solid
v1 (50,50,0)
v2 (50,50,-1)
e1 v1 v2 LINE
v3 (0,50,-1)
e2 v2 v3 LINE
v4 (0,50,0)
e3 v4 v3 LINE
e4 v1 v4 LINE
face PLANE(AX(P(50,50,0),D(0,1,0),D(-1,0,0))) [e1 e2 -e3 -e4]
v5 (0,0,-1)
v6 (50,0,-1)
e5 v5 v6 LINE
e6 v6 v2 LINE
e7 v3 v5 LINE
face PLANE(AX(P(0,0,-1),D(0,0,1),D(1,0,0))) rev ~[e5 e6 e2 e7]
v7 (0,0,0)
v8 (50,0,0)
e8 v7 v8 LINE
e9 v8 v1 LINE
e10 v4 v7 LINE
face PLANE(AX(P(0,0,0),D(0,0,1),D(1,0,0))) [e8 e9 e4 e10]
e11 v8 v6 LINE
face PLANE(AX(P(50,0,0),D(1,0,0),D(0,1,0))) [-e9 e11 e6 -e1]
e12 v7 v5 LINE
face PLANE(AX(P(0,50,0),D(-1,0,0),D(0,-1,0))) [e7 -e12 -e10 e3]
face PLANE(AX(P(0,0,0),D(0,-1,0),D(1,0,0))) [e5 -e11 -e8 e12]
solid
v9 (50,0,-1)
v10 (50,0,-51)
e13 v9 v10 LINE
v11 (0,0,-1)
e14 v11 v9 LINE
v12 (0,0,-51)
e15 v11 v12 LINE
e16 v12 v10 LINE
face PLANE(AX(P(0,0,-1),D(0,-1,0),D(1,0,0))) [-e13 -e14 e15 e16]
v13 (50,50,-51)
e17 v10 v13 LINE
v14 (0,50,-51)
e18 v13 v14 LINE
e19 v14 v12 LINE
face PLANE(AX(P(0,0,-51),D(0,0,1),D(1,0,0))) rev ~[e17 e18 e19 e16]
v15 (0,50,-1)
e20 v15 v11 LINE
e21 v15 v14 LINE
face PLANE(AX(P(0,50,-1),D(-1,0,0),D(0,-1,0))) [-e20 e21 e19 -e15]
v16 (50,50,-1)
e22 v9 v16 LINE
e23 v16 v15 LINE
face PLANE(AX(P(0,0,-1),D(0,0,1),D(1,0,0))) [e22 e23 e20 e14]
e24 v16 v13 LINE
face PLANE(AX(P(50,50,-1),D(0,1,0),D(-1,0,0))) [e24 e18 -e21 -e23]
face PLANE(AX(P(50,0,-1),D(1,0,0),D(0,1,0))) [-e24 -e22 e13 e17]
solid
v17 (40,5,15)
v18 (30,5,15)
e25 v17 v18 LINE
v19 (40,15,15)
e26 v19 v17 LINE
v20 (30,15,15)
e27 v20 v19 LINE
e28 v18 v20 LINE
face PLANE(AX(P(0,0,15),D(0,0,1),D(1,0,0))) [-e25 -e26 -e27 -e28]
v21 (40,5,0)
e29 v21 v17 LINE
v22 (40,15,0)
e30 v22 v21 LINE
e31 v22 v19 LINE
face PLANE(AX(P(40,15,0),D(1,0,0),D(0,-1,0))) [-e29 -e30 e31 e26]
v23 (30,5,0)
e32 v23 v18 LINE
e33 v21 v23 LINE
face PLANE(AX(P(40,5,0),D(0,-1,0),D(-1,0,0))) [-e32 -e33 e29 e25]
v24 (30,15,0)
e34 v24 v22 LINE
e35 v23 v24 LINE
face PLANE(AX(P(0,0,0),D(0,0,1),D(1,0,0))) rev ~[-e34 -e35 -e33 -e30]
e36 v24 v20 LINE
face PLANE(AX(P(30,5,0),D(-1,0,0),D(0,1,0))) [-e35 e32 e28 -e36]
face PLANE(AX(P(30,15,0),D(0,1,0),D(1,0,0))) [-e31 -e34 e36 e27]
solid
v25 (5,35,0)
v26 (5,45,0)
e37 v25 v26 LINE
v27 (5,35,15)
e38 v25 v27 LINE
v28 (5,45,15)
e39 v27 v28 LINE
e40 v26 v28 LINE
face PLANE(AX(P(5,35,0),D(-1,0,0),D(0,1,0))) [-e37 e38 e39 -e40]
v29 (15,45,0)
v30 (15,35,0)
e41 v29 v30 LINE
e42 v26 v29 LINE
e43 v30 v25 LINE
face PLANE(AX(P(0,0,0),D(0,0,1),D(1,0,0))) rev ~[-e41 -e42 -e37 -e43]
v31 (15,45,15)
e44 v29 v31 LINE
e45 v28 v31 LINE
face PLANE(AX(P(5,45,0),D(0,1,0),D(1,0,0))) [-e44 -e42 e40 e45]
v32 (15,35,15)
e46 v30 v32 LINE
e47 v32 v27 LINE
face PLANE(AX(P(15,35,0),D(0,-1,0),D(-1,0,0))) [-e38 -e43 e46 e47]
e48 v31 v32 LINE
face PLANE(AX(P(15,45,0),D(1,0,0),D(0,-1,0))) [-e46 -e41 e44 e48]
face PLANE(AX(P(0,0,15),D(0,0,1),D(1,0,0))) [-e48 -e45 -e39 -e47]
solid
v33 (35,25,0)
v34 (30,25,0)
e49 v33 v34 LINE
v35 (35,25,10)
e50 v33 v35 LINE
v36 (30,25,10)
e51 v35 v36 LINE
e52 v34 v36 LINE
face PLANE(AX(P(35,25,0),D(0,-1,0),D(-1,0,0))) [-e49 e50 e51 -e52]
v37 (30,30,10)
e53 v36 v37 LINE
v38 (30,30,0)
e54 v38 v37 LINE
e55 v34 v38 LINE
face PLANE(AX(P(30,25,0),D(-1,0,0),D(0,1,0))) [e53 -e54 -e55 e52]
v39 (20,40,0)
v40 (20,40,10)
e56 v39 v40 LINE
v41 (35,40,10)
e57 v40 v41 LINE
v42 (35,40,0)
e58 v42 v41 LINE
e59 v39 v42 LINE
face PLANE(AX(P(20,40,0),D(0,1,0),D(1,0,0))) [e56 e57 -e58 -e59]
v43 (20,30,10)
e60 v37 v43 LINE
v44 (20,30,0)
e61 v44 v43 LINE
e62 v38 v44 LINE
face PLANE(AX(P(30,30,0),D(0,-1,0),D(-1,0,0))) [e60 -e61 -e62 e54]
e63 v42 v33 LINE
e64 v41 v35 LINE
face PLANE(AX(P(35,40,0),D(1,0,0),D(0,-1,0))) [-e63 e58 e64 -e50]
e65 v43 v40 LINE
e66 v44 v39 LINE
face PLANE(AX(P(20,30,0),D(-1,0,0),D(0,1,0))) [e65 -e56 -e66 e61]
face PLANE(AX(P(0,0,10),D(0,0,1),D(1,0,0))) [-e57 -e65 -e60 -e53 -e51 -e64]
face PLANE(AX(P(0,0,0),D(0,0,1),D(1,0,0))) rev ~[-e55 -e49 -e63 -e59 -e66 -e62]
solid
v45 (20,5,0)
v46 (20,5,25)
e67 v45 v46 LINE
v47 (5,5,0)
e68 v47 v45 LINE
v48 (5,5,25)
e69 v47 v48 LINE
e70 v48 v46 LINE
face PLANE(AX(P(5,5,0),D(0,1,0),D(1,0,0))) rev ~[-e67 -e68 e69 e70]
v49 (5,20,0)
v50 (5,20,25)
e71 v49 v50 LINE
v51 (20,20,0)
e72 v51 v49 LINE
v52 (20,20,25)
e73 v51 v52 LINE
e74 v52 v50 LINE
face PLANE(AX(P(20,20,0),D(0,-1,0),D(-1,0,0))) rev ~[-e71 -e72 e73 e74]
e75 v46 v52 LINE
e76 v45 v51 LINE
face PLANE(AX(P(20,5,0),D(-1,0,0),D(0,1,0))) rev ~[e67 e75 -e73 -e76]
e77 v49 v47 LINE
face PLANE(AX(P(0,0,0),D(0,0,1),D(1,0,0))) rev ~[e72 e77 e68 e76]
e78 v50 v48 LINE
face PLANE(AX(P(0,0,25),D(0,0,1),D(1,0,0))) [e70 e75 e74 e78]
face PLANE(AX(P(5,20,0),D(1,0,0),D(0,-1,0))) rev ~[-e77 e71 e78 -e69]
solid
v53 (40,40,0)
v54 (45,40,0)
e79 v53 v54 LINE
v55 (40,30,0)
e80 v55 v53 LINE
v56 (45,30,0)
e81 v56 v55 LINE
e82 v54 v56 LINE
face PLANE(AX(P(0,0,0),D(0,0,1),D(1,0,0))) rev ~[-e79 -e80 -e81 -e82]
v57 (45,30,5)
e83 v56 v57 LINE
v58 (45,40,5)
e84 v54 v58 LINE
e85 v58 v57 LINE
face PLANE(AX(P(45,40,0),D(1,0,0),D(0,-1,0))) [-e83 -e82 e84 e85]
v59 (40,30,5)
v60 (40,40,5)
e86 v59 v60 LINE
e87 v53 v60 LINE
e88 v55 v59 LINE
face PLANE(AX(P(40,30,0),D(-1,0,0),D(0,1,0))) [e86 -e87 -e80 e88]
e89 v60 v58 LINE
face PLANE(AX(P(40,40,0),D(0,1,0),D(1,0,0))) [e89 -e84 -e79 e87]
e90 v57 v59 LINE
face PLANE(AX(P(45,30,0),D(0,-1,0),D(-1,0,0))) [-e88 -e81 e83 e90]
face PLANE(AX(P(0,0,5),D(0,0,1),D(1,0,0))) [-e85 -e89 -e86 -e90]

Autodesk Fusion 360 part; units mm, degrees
sketch "Skizze1" plane through (0, 0, 0) normal (0, 0, 1) x (1, 0, 0)
  line L0 (0, 0) -> (50, 0)
  line L1 (50, 0) -> (50, 50)
  line L2 (50, 50) -> (0, 50)
  line L3 (0, 50) -> (0, 0)
  line L4 (20, 20) -> (5, 20)
  line L5 (5, 20) -> (5, 5)
  line L6 (5, 5) -> (20, 5)
  line L7 (20, 5) -> (20, 20)
  line L8 (20, 40) -> (35, 40)
  line L9 (35, 40) -> (35, 25)
  line L10 (35, 25) -> (30, 25)
  line L11 (30, 25) -> (30, 30)
  line L12 (30, 30) -> (20, 30)
  line L13 (20, 30) -> (20, 40)
  line L14 (5, 45) -> (15, 45)
  line L15 (15, 45) -> (15, 35)
  line L16 (15, 35) -> (5, 35)
  line L17 (5, 35) -> (5, 45)
  line L18 (30, 15) -> (40, 15)
  line L19 (40, 15) -> (40, 5)
  line L20 (40, 5) -> (30, 5)
  line L21 (30, 5) -> (30, 15)
  line L22 (40, 40) -> (45, 40)
  line L23 (45, 40) -> (45, 30)
  line L24 (45, 30) -> (40, 30)
  line L25 (40, 30) -> (40, 40)
extrude "Extrusion1" add sketch "Skizze1" along normal blind 25 contours L4 L5 L6 L7 makes body 1 in component "Großer Block"
extrude "Extrusion1'" add sketch "Skizze1" along normal blind 15 separate body contours L18 L19 L20 L21 makes body 2 in component "Medium Block 1"
extrude "Extrusion1''" add sketch "Skizze1" along normal blind 15 separate body contours L14 L15 L16 L17 makes body 3 in component "Medium Block 2#"
extrude "Extrusion1'''" add sketch "Skizze1" along normal blind 10 separate body contours L8 L9 L10 L11 L12 L13 makes body 4 in component "L Block"
extrude "Extrusion1''''" add sketch "Skizze1" along normal blind 5 separate body contours L22 L23 L24 L25 makes body 5 in component "Smal Block 1"
extrude "Extrusion1'''''" add sketch "Skizze1" against normal blind 1 separate body contours L0 L1 L2 L3 | L4 L5 L6 L7 | L8 L9 L10 L11 L12 L13 | L14 L15 L16 L17 | L18 L19 L20 L21 | L22 L23 L24 L25 makes body 6 in component "Boden"
extrude "Extrusion1''''''" add 1 faces at (16.6667, 33.3333, -1) along direction (0, 0, -1) blind 50 separate body on bodies 6 makes body 7 in component "Ground below"
component "Großer Block" placed x (1, 0, 0) y (0, 1, 0) z (0, 0, 1) at (0, 0, 0)
component "Medium Block 1" placed x (1, 0, 0) y (0, 1, 0) z (0, 0, 1) at (0, 0, 0)
component "Medium Block 2#" placed x (1, 0, 0) y (0, 1, 0) z (0, 0, 1) at (0, 0, 0)
component "L Block" placed x (1, 0, 0) y (0, 1, 0) z (0, 0, 1) at (0, 0, 0)
component "Smal Block 1" placed x (1, 0, 0) y (0, 1, 0) z (0, 0, 1) at (0, 0, 0)
component "Boden" placed x (1, 0, 0) y (0, 1, 0) z (0, 0, 1) at (0, 0, 0)
component "Ground below" placed x (1, 0, 0) y (0, 1, 0) z (0, 0, 1) at (0, 0, 0)
